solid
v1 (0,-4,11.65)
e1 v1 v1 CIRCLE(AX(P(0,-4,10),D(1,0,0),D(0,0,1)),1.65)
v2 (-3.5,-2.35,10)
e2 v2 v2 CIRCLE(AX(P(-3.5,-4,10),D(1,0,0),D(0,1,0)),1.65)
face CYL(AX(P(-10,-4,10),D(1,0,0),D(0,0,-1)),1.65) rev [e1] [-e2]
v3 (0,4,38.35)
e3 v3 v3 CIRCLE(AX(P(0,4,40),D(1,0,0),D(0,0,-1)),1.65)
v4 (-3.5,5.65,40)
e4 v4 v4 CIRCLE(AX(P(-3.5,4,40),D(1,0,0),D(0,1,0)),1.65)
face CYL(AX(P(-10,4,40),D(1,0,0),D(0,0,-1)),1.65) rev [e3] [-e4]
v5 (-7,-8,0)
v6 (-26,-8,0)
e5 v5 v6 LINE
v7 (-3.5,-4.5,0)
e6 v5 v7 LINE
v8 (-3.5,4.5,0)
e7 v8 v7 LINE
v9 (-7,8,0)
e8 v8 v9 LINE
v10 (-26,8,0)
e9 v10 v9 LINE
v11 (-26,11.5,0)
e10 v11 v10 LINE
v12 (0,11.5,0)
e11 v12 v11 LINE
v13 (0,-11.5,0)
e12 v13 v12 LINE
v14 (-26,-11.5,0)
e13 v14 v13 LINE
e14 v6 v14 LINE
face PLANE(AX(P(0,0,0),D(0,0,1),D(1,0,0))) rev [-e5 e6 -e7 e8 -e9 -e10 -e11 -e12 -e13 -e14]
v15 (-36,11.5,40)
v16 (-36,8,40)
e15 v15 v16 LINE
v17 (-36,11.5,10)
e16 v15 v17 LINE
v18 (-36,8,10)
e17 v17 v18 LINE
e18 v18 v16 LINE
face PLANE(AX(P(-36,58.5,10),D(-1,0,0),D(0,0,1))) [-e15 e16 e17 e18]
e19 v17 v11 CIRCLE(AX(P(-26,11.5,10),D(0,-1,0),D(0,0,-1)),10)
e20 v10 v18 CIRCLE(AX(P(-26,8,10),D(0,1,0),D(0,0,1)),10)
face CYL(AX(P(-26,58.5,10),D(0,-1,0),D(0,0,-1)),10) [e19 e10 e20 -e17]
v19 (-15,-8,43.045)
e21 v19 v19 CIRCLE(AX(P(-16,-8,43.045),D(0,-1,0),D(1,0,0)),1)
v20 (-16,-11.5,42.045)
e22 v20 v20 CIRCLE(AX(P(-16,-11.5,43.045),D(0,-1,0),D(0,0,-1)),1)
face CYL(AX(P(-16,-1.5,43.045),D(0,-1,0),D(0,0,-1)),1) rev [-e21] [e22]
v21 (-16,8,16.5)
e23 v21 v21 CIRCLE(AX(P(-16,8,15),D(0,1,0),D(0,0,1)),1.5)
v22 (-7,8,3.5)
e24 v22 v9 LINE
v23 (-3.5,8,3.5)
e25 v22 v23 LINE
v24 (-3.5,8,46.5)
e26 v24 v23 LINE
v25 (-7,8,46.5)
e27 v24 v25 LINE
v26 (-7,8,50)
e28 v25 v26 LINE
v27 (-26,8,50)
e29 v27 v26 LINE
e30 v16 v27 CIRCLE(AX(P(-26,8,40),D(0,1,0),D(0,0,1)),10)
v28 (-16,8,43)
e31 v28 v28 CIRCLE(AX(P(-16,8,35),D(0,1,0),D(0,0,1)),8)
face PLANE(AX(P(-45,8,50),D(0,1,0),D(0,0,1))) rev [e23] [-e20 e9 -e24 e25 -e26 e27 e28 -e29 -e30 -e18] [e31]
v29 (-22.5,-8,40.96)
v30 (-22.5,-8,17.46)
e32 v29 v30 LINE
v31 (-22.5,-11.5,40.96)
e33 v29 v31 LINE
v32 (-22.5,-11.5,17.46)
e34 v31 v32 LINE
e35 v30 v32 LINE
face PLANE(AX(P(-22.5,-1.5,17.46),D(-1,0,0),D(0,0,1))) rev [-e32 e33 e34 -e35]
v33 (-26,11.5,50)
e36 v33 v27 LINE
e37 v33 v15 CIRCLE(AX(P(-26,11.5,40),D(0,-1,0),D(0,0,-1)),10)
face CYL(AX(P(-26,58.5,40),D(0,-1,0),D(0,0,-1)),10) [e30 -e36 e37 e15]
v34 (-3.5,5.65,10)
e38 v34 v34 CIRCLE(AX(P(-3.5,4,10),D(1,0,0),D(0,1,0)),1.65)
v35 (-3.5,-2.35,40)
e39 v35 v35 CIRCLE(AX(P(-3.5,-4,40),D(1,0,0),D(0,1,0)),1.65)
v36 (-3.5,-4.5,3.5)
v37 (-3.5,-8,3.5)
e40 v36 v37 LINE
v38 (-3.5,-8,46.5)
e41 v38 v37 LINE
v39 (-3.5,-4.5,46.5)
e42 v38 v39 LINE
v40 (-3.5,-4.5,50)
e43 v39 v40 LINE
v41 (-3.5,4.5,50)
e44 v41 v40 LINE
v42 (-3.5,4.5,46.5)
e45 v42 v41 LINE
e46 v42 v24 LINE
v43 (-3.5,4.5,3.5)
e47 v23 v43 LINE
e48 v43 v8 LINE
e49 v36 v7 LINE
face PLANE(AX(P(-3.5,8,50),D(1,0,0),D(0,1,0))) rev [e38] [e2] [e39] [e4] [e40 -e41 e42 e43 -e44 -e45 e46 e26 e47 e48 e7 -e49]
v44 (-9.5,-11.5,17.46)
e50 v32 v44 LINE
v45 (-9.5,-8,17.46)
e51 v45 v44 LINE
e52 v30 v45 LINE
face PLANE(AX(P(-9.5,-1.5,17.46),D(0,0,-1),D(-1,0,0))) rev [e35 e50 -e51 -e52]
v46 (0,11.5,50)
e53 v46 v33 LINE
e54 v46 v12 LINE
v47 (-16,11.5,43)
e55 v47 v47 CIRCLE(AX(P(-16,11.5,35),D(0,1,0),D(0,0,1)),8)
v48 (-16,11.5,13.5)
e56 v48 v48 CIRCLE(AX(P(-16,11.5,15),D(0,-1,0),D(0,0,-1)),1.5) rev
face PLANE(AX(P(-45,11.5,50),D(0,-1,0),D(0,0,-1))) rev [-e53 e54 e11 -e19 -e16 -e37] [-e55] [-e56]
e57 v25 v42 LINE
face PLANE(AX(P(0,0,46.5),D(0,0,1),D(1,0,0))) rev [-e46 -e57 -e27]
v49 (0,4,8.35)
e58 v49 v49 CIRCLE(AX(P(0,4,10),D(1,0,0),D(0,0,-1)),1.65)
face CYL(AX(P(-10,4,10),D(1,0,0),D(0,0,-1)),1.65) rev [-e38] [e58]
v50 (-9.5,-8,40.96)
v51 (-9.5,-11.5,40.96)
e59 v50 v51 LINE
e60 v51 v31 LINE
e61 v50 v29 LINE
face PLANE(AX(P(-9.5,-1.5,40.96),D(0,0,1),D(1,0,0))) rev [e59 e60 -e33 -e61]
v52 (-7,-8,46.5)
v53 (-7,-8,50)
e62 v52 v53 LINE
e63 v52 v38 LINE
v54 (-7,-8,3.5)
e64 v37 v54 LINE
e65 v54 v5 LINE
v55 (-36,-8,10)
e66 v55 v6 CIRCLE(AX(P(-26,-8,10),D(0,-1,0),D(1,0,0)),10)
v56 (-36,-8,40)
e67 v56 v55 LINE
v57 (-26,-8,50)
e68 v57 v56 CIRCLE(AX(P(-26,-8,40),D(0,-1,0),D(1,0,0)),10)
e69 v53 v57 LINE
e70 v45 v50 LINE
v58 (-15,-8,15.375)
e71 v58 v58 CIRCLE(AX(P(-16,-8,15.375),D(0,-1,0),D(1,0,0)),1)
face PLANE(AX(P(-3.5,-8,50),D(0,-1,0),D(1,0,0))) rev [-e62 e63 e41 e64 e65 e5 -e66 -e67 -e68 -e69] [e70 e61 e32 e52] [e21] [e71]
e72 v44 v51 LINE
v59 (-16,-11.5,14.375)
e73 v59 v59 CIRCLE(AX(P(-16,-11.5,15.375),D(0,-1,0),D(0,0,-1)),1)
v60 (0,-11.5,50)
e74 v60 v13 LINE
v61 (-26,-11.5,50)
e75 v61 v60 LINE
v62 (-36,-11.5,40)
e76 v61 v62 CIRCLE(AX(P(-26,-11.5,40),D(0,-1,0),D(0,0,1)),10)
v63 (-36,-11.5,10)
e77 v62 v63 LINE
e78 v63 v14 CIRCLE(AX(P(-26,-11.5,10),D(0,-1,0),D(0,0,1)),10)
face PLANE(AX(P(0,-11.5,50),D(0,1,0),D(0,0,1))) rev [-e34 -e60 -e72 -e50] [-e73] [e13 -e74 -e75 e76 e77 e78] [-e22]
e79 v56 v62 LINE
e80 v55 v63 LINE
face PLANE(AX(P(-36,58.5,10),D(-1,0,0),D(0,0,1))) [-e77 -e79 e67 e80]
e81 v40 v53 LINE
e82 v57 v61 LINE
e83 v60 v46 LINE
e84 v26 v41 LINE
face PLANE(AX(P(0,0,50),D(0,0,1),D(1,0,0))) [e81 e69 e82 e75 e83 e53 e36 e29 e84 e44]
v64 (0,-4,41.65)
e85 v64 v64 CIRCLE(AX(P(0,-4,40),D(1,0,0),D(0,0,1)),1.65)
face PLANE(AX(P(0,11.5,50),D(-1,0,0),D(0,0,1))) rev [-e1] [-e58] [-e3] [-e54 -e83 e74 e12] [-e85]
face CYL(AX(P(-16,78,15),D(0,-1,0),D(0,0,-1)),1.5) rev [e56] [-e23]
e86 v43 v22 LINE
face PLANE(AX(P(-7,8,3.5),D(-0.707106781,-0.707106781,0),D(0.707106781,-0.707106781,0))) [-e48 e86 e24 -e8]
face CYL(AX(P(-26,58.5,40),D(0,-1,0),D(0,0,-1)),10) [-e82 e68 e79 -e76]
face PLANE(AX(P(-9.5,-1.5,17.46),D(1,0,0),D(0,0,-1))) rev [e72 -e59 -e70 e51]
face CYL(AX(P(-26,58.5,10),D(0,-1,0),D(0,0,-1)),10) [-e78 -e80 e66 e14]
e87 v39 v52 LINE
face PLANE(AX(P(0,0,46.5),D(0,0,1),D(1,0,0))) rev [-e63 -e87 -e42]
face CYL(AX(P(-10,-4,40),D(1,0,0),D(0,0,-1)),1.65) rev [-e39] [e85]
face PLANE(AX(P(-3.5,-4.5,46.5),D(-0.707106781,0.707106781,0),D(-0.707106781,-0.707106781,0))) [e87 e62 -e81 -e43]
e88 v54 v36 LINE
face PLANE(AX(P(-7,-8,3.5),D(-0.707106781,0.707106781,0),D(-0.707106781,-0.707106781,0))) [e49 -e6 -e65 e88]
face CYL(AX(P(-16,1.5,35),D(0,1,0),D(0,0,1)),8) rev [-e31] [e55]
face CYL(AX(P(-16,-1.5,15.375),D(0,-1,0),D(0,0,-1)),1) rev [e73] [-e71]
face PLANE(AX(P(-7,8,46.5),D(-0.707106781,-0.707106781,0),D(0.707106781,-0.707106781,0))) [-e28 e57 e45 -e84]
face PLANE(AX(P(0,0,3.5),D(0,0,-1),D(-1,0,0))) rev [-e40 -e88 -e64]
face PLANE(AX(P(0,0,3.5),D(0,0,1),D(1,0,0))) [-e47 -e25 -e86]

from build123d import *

# Parameters (mm, degrees)
EXTRUDE_1_DEPTH     = 50
CUT_EXTRUDE_START   = -19.5
SKETCH_2_R          = 1.5
CUT_EXTRUDE_1_DEPTH = 70
SKETCH_3_OUTSIDE_W  = 61.218
SKETCH_3_OUTSIDE_H  = 66.218
CUT_EXTRUDE_2_DEPTH = 70
SKETCH_5_R          = 1
CUT_EXTRUDE_5_DEPTH = 10
SKETCH_6_W          = 13
SKETCH_6_H          = 23.5
CUT_EXTRUDE_6_DEPTH = 10
SKETCH_7_R          = 1.65
CUT_EXTRUDE_7_DEPTH = 10
SKETCH_8_R          = 8
CUT_EXTRUDE_8_DEPTH = 10
EXTRUDE_2_DEPTH     = 3.5
EXTRUDE_3_DEPTH     = 3.5


with BuildPart() as part:
    # 草图1 → 凸台-拉伸1 (new body)
    with BuildSketch(Plane.XY):
        Polygon((-45, 11.5), (0, 11.5), (0, -11.5), (-45, -11.5), (-45, -8), (-3.5, -8), (-3.5, 8), (-45, 8), align=None)
    extrude(amount=EXTRUDE_1_DEPTH)

    # 草图2 → 切除-拉伸1 (cut)
    with BuildSketch(Plane.XZ.offset(11.5).offset(CUT_EXTRUDE_START)):
        with Locations((-16, 35)):
            Circle(SKETCH_2_R)
        with Locations((-16, 15)):
            Circle(SKETCH_2_R)
    extrude(amount=-CUT_EXTRUDE_1_DEPTH, mode=Mode.SUBTRACT)

    # 草图3 outside → 切除-拉伸2 (cut)
    with BuildSketch(Plane.XZ.offset(11.5)):
        with Locations((-22.5, 25)):
            Rectangle(SKETCH_3_OUTSIDE_W, SKETCH_3_OUTSIDE_H)
        with BuildLine():
            Line((-36, 10), (-36, 40))
            ThreePointArc((-36, 40), (-33.071067812, 47.071067812), (-26, 50))
            Line((-26, 50), (0, 50))
            Line((0, 50), (0, 0))
            Line((0, 0), (-26, 0))
            ThreePointArc((-26, 0), (-33.071067812, 2.928932188), (-36, 10))
        make_face(mode=Mode.SUBTRACT)
    extrude(amount=-CUT_EXTRUDE_2_DEPTH, mode=Mode.SUBTRACT)

    # 草图5 → 切除-拉伸5 (cut)
    with BuildSketch(Plane.XZ.offset(11.5)):
        with Locations((-16, 43.045)):
            Circle(SKETCH_5_R)
        with Locations((-16, 15.375)):
            Circle(SKETCH_5_R)
    extrude(amount=-CUT_EXTRUDE_5_DEPTH, mode=Mode.SUBTRACT)

    # 草图6 → 切除-拉伸6 (cut)
    with BuildSketch(Plane.XZ.offset(11.5)):
        with Locations((-16, 29.21)):
            Rectangle(SKETCH_6_W, SKETCH_6_H)
    extrude(amount=-CUT_EXTRUDE_6_DEPTH, mode=Mode.SUBTRACT)

    # 草图7 → 切除-拉伸7 (cut)
    with BuildSketch(Plane(origin=(0, 0, 0), x_dir=(0, 0, -1), z_dir=(1, 0, 0))):
        with Locations((-10, 4)):
            Circle(SKETCH_7_R)
        with Locations((-40, 4)):
            Circle(SKETCH_7_R)
        with Locations((-10, -4)):
            Circle(SKETCH_7_R)
        with Locations((-40, -4)):
            Circle(SKETCH_7_R)
    extrude(amount=-CUT_EXTRUDE_7_DEPTH, mode=Mode.SUBTRACT)

    # 草图8 → 切除-拉伸8 (cut)
    with BuildSketch(Plane(origin=(0, 11.5, 0), x_dir=(1, 0, 0), z_dir=(0, 1, 0))):
        with Locations((-16, -35)):
            Circle(SKETCH_8_R)
    extrude(amount=-CUT_EXTRUDE_8_DEPTH, mode=Mode.SUBTRACT)

    # 草图9 → 凸台-拉伸2 (add)
    with BuildSketch(Plane(origin=(0, 0, 0), x_dir=(-1, 0, 0), z_dir=(0, 0, -1))):
        Polygon((3.5, 4.5), (3.5, 8), (7, 8), align=None)
        Polygon((3.5, -8), (7, -8), (3.5, -4.5), align=None)
    extrude(amount=-EXTRUDE_2_DEPTH)

    # 草图10 → 凸台-拉伸3 (add)
    with BuildSketch(Plane.XY.offset(50)):
        Polygon((-3.5, 8), (-7, 8), (-3.5, 4.5), align=None)
        Polygon((-3.5, -8), (-3.5, -4.5), (-7, -8), align=None)
    extrude(amount=-EXTRUDE_3_DEPTH)


solid = part.part
